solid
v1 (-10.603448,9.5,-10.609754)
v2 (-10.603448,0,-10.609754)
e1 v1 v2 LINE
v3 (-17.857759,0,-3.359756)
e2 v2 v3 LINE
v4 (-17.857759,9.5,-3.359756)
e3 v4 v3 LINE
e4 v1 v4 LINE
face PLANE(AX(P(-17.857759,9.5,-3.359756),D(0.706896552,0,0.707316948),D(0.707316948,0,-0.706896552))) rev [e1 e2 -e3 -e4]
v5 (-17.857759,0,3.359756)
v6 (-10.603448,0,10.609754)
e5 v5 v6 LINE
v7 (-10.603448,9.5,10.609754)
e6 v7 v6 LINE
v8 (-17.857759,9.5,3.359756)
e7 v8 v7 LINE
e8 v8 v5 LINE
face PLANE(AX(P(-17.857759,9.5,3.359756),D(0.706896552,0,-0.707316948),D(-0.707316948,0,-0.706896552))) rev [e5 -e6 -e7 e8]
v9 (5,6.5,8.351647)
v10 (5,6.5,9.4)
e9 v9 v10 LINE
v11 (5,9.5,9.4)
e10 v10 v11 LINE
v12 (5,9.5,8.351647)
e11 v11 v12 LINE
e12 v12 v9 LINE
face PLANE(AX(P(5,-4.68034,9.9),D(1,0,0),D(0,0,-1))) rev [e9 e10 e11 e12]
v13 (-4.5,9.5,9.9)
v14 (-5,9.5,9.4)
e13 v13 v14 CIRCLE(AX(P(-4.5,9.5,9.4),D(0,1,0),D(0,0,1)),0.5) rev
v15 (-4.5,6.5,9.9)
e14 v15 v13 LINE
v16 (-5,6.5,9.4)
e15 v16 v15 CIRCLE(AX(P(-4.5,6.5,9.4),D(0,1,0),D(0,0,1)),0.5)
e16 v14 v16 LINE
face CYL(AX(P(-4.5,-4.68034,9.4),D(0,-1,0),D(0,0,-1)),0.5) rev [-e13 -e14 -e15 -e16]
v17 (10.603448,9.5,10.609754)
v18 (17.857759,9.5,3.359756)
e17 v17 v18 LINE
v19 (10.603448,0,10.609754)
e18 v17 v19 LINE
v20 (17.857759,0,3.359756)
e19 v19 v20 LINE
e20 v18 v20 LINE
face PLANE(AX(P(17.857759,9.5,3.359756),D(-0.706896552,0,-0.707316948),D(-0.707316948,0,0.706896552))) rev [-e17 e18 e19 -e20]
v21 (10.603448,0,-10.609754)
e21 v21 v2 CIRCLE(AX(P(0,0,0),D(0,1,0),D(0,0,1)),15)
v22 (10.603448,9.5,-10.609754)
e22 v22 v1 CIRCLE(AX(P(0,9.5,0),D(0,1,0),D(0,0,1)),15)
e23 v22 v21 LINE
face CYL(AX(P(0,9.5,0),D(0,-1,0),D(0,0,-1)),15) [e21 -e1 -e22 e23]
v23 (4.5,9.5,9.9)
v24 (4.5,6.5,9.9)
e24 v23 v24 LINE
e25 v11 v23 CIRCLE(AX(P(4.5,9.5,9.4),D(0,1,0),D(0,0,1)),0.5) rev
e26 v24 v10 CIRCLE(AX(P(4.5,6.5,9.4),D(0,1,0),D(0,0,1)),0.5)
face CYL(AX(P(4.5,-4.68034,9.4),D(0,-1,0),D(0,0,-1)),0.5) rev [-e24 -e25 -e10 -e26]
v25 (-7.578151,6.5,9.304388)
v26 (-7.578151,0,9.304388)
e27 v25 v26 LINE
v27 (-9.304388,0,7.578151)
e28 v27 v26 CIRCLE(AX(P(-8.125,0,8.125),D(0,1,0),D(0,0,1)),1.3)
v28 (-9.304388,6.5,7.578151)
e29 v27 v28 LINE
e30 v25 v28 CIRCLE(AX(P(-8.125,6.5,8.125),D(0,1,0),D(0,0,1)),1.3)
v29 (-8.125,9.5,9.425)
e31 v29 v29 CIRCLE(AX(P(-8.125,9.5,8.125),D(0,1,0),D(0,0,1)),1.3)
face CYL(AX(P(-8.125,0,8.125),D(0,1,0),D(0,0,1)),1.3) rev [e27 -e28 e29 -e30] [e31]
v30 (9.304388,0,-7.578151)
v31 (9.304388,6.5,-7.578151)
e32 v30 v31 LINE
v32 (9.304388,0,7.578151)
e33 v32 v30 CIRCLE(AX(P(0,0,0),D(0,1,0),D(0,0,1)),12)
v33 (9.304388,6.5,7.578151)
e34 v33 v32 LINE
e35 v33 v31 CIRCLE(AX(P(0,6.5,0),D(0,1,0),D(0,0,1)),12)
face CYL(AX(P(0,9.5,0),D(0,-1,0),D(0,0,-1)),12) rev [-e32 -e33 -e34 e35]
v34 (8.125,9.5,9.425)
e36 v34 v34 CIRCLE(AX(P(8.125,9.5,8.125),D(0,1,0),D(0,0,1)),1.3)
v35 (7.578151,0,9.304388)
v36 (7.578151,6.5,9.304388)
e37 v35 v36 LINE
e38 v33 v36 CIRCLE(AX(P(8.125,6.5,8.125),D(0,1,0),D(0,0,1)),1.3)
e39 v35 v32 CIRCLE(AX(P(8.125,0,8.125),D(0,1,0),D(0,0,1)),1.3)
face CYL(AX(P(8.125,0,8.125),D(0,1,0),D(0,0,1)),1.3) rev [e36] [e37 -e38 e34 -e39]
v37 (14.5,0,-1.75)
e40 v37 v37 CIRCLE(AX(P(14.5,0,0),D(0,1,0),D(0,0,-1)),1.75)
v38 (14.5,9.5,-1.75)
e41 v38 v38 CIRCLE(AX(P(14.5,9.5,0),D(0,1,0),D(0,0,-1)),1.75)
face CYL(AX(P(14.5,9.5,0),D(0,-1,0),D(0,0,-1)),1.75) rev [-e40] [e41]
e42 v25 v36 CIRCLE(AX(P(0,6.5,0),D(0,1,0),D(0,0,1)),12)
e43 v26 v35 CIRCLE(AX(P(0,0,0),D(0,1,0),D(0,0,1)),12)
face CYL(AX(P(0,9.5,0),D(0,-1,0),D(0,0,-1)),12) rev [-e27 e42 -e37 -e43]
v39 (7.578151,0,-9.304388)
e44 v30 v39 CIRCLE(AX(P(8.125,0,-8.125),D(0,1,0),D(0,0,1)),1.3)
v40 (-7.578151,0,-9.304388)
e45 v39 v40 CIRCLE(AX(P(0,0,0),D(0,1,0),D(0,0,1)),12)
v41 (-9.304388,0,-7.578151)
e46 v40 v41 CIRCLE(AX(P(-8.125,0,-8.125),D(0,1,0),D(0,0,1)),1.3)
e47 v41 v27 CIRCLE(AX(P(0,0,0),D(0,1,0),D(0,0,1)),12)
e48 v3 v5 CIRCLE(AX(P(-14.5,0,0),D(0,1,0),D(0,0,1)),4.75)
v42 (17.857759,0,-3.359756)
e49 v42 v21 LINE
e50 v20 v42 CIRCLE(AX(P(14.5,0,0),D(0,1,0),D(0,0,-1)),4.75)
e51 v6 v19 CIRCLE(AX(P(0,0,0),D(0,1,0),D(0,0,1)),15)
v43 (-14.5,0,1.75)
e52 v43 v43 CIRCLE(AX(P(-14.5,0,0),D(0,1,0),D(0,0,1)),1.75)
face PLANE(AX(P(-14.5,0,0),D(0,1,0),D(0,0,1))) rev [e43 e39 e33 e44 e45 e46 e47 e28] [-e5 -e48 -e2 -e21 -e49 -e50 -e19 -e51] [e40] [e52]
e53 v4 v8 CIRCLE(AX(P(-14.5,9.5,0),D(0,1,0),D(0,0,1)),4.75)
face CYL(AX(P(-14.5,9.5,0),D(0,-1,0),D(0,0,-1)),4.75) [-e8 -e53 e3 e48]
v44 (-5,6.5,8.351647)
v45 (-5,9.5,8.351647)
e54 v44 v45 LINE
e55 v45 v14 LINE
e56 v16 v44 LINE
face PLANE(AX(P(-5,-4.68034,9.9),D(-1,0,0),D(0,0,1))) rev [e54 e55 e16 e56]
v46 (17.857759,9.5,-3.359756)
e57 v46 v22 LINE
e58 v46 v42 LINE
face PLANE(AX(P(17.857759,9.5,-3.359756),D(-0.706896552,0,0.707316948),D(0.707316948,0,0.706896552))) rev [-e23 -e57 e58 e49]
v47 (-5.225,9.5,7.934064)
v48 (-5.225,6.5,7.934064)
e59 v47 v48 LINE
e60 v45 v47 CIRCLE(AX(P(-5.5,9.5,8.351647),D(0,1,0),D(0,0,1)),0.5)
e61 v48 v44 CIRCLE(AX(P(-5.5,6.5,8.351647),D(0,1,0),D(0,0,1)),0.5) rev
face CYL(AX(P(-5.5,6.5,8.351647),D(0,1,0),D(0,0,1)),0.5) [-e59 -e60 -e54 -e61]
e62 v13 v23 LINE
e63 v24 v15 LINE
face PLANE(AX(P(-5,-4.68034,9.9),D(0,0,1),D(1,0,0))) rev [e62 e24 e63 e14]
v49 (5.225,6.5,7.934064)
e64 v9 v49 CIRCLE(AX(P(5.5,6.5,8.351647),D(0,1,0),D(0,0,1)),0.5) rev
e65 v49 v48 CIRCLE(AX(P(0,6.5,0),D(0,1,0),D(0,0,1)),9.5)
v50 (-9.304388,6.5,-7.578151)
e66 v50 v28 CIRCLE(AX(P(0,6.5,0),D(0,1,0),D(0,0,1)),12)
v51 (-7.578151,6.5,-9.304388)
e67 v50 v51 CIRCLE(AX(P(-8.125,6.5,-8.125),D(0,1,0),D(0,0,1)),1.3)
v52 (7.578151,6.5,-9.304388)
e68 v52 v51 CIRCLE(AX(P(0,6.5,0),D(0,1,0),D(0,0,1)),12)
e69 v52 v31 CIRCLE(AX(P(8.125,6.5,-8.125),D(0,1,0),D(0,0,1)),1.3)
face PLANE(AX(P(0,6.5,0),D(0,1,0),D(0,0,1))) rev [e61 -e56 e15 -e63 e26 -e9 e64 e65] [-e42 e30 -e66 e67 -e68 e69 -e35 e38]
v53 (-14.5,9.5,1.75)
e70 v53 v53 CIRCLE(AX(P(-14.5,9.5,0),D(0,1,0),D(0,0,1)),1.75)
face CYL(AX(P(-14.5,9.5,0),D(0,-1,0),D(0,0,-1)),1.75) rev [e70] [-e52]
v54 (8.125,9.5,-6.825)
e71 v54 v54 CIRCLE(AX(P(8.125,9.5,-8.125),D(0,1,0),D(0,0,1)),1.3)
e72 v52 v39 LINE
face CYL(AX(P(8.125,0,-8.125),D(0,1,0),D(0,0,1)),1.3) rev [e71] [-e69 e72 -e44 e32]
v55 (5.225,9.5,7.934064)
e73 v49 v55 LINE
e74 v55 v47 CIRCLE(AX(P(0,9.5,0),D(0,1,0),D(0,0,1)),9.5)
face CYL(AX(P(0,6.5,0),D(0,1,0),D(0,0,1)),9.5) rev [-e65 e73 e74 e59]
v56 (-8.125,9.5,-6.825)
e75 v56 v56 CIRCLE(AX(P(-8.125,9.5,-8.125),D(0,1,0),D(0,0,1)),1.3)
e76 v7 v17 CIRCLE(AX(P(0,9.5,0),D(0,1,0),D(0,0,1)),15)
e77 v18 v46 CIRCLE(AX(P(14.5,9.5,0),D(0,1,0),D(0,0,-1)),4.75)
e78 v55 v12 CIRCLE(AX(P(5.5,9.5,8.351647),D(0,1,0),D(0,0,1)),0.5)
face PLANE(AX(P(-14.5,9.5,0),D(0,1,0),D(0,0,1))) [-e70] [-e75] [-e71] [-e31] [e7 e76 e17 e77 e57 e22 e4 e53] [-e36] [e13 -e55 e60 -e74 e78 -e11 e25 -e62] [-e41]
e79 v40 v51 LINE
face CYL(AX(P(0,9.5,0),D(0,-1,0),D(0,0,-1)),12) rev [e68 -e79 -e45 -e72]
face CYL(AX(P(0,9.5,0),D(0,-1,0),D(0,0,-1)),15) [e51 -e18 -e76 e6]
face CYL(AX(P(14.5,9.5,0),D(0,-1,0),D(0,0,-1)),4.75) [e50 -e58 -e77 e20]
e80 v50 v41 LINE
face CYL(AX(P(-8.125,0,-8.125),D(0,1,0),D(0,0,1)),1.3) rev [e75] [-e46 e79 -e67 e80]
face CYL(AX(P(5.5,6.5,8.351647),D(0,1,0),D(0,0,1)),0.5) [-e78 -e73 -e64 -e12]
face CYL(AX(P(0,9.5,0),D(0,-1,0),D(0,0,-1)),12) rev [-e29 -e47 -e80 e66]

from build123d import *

# Parameters (mm, degrees)
SKETCH1_R           = 12
SKETCH1_R_2         = 1.75
BOSS_EXTRUDE1_DEPTH = 9.5
SKETCH3_R           = 12
SKETCH3_R_2         = 9.5
BOSS_EXTRUDE2_DEPTH = 3
SKETCH4_R           = 1.3
CUT_EXTRUDE1_DEPTH  = 10.5
SKETCH5_W           = 10
SKETCH5_H           = 5
CUT_EXTRUDE2_DEPTH  = 3
FILLET1_R           = 0.5


with BuildPart() as part:
    # Sketch1 → Boss-Extrude1 (new body)
    with BuildSketch(Plane(origin=(0, 0, 0), x_dir=(1, 0, 0), z_dir=(0, 1, 0))):
        with BuildLine():
            Line((-17.857758621, 3.359755504), (-10.603448276, 10.609754222))
            ThreePointArc((-10.603448276, 10.609754222), (0, 15), (10.603448276, 10.609754222))
            Line((10.603448276, 10.609754222), (17.857758621, 3.359755504))
            ThreePointArc((17.857758621, 3.359755504), (19.25, 0), (17.857758621, -3.359755504))
            Line((17.857758621, -3.359755504), (10.603448276, -10.609754222))
            ThreePointArc((10.603448276, -10.609754222), (0, -15), (-10.603448276, -10.609754222))
            Line((-10.603448276, -10.609754222), (-17.857758621, -3.359755504))
            ThreePointArc((-17.857758621, -3.359755504), (-19.25, 0), (-17.857758621, 3.359755504))
        make_face()
        Circle(SKETCH1_R, mode=Mode.SUBTRACT)
        with Locations((-14.5, 0)):
            Circle(SKETCH1_R_2, mode=Mode.SUBTRACT)
        with Locations((14.5, 0)):
            Circle(SKETCH1_R_2, mode=Mode.SUBTRACT)
    extrude(amount=BOSS_EXTRUDE1_DEPTH)

    # Sketch3 → Boss-Extrude2 (add)
    with BuildSketch(Plane(origin=(0, 9.5, 0), x_dir=(1, 0, 0), z_dir=(0, 1, 0))):
        Circle(SKETCH3_R)
        Circle(SKETCH3_R_2, mode=Mode.SUBTRACT)
    extrude(amount=-BOSS_EXTRUDE2_DEPTH)

    # Sketch4 → Cut-Extrude1 (cut, through all)
    with BuildSketch(Plane(origin=(0, 9.5, 0), x_dir=(1, 0, 0), z_dir=(0, 1, 0))):
        with Locations((8.125, 8.125)):
            Circle(SKETCH4_R)
        with Locations((-8.125, 8.125)):
            Circle(SKETCH4_R)
        with Locations((-8.125, -8.125)):
            Circle(SKETCH4_R)
        with Locations((8.125, -8.125)):
            Circle(SKETCH4_R)
    extrude(amount=-CUT_EXTRUDE1_DEPTH, mode=Mode.SUBTRACT)

    # Sketch5 → Cut-Extrude2 (cut)
    with BuildSketch(Plane(origin=(0, 9.5, 0), x_dir=(1, 0, 0), z_dir=(0, 1, 0))):
        with Locations((0, -7.4)):
            Rectangle(SKETCH5_W, SKETCH5_H)
    extrude(amount=-CUT_EXTRUDE2_DEPTH, mode=Mode.SUBTRACT)

    # Fillet1
    fillet1_edges = [part.edges().sort_by_distance(p)[0] for p in [
        (-5, 8, 8.077747211),
        (5, 8, 8.077747211),
        (-5, 8, 9.9),
        (5, 8, 9.9),
    ]]
    fillet(fillet1_edges, radius=FILLET1_R)


solid = part.part
